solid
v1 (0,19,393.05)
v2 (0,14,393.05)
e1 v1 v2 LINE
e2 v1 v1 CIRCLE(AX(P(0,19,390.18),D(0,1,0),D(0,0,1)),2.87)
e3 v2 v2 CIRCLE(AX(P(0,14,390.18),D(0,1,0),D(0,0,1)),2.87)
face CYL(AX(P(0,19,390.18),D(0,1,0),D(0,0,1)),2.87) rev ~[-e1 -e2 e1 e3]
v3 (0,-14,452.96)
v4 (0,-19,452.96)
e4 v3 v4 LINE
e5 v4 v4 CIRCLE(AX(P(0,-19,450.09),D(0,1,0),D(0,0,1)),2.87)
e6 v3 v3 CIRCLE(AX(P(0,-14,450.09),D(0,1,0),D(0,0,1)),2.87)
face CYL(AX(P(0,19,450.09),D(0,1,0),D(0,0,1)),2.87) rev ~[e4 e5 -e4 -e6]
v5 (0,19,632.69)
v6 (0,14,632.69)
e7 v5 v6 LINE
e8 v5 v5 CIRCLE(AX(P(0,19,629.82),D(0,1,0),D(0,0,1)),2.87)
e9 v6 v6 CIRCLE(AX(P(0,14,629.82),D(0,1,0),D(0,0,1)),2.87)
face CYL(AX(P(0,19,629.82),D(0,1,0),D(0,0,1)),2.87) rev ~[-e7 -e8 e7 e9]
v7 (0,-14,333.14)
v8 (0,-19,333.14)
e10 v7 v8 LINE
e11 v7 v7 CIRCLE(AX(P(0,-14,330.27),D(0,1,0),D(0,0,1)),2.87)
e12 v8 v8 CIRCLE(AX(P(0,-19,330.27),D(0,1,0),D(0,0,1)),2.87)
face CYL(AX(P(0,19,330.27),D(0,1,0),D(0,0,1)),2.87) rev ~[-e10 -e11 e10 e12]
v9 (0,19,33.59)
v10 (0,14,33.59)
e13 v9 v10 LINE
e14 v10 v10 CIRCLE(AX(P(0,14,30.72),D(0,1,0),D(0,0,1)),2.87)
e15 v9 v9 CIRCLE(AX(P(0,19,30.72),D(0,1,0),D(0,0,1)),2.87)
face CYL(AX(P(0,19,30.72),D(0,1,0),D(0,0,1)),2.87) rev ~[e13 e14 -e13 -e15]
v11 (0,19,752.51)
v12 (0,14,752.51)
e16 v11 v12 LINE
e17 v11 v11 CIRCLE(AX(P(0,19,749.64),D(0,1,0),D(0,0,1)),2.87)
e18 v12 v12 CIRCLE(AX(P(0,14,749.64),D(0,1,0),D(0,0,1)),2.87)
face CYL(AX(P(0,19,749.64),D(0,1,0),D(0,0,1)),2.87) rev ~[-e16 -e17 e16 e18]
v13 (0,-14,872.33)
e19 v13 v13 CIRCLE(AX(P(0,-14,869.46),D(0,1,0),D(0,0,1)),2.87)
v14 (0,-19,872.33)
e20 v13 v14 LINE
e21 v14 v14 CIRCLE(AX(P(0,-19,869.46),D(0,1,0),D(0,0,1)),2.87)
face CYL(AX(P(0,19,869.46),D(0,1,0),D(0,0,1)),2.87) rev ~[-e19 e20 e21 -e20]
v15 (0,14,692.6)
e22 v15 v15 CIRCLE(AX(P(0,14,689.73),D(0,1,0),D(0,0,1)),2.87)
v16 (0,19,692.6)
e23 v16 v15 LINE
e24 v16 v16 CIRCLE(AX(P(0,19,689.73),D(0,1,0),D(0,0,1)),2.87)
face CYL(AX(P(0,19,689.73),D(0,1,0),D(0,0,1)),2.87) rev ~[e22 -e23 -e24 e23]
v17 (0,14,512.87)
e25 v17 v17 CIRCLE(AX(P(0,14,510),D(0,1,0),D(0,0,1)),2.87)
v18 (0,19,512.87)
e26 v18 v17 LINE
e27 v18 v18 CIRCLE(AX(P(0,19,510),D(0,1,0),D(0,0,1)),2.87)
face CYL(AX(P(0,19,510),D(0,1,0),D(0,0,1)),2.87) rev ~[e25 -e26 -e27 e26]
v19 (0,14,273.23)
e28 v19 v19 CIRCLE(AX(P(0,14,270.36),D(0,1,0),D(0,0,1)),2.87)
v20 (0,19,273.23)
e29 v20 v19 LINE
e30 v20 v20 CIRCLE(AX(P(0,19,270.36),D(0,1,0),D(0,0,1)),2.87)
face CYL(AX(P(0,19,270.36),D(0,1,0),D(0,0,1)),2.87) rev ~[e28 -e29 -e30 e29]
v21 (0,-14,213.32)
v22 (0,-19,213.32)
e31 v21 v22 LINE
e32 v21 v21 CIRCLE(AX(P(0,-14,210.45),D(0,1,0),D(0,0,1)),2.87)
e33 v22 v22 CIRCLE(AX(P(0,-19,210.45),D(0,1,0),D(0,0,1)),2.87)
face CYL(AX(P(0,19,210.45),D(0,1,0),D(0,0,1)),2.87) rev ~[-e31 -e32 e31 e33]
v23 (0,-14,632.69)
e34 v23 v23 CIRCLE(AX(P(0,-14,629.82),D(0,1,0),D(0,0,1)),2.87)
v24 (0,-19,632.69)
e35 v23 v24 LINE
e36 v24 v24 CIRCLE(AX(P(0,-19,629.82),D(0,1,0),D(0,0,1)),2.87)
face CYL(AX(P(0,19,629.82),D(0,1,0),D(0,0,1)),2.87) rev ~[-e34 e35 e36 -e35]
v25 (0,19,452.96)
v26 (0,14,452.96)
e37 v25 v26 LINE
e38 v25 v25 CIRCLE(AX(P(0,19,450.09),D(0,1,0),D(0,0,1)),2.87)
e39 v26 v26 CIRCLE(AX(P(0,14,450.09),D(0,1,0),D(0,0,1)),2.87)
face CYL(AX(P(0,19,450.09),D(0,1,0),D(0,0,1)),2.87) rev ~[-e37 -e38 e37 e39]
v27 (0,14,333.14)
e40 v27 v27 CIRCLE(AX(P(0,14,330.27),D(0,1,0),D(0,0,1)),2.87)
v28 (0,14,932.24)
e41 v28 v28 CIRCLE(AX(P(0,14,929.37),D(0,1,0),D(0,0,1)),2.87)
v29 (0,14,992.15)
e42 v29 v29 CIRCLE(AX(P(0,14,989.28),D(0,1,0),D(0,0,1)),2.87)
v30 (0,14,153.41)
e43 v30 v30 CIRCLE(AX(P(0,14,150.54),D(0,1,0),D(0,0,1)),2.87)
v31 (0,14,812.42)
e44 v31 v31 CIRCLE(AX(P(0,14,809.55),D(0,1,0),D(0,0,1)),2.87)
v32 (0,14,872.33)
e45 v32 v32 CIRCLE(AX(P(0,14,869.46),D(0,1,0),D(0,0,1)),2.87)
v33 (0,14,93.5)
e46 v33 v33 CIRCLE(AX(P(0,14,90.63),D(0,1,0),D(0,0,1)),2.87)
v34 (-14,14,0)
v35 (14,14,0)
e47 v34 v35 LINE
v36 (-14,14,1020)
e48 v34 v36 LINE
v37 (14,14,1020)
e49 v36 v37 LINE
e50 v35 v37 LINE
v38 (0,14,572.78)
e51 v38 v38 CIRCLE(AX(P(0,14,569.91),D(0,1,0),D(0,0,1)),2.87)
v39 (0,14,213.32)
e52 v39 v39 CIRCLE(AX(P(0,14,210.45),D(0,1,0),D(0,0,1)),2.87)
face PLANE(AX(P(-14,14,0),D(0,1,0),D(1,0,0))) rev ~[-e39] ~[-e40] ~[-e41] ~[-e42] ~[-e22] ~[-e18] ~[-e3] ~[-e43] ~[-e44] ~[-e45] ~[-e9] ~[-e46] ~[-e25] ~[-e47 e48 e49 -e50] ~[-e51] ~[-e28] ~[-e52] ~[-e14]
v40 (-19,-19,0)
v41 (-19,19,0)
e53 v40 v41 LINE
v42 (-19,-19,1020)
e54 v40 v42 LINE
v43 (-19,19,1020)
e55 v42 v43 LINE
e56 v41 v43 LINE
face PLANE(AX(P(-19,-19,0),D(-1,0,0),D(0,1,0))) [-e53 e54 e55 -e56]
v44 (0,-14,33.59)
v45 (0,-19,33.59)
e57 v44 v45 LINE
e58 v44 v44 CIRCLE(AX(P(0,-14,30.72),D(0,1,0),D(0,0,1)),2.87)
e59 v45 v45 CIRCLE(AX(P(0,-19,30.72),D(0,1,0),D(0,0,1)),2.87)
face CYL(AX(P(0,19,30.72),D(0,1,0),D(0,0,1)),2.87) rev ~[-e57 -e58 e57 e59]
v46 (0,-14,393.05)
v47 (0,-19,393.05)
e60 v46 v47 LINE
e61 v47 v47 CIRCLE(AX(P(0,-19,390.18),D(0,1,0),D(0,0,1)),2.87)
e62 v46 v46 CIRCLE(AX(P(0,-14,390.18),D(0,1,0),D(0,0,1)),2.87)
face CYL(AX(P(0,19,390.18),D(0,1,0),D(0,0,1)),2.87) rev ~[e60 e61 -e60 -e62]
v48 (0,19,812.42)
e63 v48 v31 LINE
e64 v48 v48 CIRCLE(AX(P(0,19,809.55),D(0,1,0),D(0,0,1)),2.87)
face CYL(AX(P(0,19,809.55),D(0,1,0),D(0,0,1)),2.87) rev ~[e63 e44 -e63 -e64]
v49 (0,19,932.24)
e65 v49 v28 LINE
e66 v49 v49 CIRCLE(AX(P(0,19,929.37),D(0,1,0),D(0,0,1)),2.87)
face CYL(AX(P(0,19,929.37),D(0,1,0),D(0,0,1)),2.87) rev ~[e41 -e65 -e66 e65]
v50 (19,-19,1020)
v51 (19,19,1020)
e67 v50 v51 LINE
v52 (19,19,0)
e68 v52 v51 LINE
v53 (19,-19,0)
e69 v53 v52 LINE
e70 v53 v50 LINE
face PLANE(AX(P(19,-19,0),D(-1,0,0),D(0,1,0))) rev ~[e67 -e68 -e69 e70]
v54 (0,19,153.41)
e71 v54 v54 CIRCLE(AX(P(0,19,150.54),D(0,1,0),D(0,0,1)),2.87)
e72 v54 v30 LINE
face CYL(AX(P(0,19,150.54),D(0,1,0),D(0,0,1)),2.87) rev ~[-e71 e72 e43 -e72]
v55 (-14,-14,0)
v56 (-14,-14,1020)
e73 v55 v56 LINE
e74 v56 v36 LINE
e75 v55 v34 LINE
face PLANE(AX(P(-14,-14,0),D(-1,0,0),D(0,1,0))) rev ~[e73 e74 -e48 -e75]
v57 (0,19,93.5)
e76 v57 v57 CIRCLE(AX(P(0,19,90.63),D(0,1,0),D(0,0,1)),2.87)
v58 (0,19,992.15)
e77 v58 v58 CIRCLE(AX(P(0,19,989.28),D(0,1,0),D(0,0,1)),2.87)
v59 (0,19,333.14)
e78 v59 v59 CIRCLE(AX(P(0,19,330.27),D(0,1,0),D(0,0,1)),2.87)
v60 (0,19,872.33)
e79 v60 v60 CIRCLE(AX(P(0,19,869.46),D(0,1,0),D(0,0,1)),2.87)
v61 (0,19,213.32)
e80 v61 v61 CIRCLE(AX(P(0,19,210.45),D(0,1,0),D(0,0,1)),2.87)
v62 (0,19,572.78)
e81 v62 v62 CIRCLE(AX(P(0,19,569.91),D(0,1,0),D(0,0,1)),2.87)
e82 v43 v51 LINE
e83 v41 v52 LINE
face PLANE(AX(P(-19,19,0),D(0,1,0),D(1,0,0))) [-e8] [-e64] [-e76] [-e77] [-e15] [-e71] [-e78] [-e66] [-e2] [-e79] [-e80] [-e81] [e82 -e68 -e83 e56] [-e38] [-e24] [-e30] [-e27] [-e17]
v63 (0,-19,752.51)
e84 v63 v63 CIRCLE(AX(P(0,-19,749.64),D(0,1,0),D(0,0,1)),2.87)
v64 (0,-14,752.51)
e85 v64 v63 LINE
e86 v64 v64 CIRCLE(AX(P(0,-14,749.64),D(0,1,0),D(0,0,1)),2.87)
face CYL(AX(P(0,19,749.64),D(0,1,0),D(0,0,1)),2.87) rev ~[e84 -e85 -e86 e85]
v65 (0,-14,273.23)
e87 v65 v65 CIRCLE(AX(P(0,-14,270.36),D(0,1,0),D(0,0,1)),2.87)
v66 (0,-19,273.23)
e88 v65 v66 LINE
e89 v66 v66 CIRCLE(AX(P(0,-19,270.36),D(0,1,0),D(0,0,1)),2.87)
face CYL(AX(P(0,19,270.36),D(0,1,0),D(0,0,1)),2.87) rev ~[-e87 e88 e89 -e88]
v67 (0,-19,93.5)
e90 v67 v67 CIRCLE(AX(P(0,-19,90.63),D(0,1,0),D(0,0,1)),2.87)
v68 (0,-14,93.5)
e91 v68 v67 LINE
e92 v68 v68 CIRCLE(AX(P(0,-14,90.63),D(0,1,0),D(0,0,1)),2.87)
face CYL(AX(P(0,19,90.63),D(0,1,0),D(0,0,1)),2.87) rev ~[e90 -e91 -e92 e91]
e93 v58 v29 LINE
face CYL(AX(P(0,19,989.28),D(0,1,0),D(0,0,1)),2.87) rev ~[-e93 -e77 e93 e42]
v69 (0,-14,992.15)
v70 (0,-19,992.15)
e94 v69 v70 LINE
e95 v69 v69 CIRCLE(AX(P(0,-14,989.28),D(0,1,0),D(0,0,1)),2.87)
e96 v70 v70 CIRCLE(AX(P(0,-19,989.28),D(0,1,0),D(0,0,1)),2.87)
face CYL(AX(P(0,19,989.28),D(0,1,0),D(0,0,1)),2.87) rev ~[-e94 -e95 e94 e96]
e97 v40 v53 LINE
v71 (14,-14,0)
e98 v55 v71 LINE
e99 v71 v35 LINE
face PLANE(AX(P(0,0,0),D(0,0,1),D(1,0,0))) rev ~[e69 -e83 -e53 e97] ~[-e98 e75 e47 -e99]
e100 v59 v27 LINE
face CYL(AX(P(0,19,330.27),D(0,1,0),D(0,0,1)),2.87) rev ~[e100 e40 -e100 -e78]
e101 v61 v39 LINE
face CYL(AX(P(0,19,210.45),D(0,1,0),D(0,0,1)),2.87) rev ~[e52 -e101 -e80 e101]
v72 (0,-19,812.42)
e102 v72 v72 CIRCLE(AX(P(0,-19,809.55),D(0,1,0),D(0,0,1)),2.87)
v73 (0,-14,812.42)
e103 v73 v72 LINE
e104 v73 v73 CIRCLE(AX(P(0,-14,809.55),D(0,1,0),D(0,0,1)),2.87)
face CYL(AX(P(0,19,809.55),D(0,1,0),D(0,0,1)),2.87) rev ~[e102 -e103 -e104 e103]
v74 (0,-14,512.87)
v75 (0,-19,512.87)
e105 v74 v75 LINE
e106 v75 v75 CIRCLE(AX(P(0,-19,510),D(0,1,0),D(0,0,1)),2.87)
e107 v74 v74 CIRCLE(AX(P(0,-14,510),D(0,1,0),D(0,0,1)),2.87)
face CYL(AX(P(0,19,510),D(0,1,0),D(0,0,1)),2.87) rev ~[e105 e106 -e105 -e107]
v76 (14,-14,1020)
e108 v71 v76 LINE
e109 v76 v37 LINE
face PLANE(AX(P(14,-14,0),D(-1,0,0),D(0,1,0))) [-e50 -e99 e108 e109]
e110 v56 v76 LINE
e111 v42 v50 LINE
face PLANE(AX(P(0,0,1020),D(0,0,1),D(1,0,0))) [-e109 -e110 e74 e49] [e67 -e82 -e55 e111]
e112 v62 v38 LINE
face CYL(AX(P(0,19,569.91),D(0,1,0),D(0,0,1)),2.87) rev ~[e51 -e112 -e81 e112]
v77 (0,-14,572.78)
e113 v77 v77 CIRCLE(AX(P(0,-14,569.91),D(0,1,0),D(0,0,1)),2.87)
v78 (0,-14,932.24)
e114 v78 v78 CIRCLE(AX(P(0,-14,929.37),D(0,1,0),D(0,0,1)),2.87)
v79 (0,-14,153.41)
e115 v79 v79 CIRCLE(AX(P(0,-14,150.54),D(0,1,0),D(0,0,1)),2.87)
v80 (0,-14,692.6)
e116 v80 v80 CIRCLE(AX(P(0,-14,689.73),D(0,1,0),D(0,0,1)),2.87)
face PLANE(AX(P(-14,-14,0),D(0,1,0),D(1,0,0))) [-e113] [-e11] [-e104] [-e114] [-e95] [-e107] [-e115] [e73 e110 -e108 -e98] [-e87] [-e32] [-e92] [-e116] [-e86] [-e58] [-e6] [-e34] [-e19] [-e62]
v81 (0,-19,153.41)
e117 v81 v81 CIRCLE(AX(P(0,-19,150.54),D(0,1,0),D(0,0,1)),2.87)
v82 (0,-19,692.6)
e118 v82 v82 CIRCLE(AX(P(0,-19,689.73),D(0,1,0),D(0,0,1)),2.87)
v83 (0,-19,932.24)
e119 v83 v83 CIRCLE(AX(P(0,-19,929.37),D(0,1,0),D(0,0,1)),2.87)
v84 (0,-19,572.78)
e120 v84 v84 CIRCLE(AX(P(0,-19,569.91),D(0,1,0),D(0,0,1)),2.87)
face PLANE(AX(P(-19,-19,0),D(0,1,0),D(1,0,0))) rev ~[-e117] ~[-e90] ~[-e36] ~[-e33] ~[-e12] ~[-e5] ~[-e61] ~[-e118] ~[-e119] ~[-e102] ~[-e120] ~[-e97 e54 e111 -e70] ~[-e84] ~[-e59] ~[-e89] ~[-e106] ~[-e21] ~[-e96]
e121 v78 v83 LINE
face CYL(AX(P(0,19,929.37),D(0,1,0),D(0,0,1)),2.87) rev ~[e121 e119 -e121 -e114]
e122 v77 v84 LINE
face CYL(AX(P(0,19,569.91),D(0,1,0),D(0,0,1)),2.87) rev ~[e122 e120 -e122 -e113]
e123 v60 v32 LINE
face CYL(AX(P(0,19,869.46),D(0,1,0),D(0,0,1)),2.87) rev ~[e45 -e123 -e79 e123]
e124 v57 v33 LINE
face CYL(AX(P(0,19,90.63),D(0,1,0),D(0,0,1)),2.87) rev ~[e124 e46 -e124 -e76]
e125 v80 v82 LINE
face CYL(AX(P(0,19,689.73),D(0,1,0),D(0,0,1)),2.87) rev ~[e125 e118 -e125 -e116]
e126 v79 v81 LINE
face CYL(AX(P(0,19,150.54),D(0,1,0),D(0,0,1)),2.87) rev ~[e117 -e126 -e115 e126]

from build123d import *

# Parameters (mm, degrees)
CROQUIS1_W              = 38
CROQUIS1_H              = 38
CROQUIS1_W_2            = 28
CROQUIS1_H_2            = 28
SALIENTE_EXTRUIR1_DEPTH = 1020
CORTAR_EXTRUIR1_REACH   = 1022.884
CROQUIS2_R              = 2.87


with BuildPart() as part:
    # Croquis1 → Saliente-Extruir1 (new body)
    with BuildSketch(Plane.XY):
        Rectangle(CROQUIS1_W, CROQUIS1_H)
        Rectangle(CROQUIS1_W_2, CROQUIS1_H_2, mode=Mode.SUBTRACT)
    extrude(amount=SALIENTE_EXTRUIR1_DEPTH)

    # Cortar-Extruir1: up to this face of the body (flat: up to its plane)
    cortar_extruir1_end = Plane(part.part.faces().sort_by_distance((0, -19, 510))[0])
    # Croquis2 → Cortar-Extruir1 (cut, up to the picked face)
    with BuildSketch(Plane(origin=(0, 19, 0), x_dir=(1, 0, 0), z_dir=(0, 1, 0)), mode=Mode.PRIVATE) as cortar_extruir1_sk1:
        with Locations(Location((0, -30.72, 0), (0, 0, 270))):
            Circle(CROQUIS2_R)
    cortar_extruir1_tool1 = split(extrude(cortar_extruir1_sk1.sketch, amount=-CORTAR_EXTRUIR1_REACH, mode=Mode.PRIVATE), bisect_by=cortar_extruir1_end, keep=Keep.BOTH, mode=Mode.PRIVATE)
    # Croquis2 → Cortar-Extruir1 (cut, up to the picked face)
    with BuildSketch(Plane(origin=(0, 19, 0), x_dir=(1, 0, 0), z_dir=(0, 1, 0)), mode=Mode.PRIVATE) as cortar_extruir1_sk2:
        with Locations(Location((0, -90.63, 0), (0, 0, 270))):
            Circle(CROQUIS2_R)
    cortar_extruir1_tool2 = split(extrude(cortar_extruir1_sk2.sketch, amount=-CORTAR_EXTRUIR1_REACH, mode=Mode.PRIVATE), bisect_by=cortar_extruir1_end, keep=Keep.BOTH, mode=Mode.PRIVATE)
    # Croquis2 → Cortar-Extruir1 (cut, up to the picked face)
    with BuildSketch(Plane(origin=(0, 19, 0), x_dir=(1, 0, 0), z_dir=(0, 1, 0)), mode=Mode.PRIVATE) as cortar_extruir1_sk3:
        with Locations(Location((0, -150.54, 0), (0, 0, 270))):
            Circle(CROQUIS2_R)
    cortar_extruir1_tool3 = split(extrude(cortar_extruir1_sk3.sketch, amount=-CORTAR_EXTRUIR1_REACH, mode=Mode.PRIVATE), bisect_by=cortar_extruir1_end, keep=Keep.BOTH, mode=Mode.PRIVATE)
    # Croquis2 → Cortar-Extruir1 (cut, up to the picked face)
    with BuildSketch(Plane(origin=(0, 19, 0), x_dir=(1, 0, 0), z_dir=(0, 1, 0)), mode=Mode.PRIVATE) as cortar_extruir1_sk4:
        with Locations(Location((0, -210.45, 0), (0, 0, 270))):
            Circle(CROQUIS2_R)
    cortar_extruir1_tool4 = split(extrude(cortar_extruir1_sk4.sketch, amount=-CORTAR_EXTRUIR1_REACH, mode=Mode.PRIVATE), bisect_by=cortar_extruir1_end, keep=Keep.BOTH, mode=Mode.PRIVATE)
    # Croquis2 → Cortar-Extruir1 (cut, up to the picked face)
    with BuildSketch(Plane(origin=(0, 19, 0), x_dir=(1, 0, 0), z_dir=(0, 1, 0)), mode=Mode.PRIVATE) as cortar_extruir1_sk5:
        with Locations(Location((0, -270.36, 0), (0, 0, 270))):
            Circle(CROQUIS2_R)
    cortar_extruir1_tool5 = split(extrude(cortar_extruir1_sk5.sketch, amount=-CORTAR_EXTRUIR1_REACH, mode=Mode.PRIVATE), bisect_by=cortar_extruir1_end, keep=Keep.BOTH, mode=Mode.PRIVATE)
    # Croquis2 → Cortar-Extruir1 (cut, up to the picked face)
    with BuildSketch(Plane(origin=(0, 19, 0), x_dir=(1, 0, 0), z_dir=(0, 1, 0)), mode=Mode.PRIVATE) as cortar_extruir1_sk6:
        with Locations(Location((0, -330.27, 0), (0, 0, 270))):
            Circle(CROQUIS2_R)
    cortar_extruir1_tool6 = split(extrude(cortar_extruir1_sk6.sketch, amount=-CORTAR_EXTRUIR1_REACH, mode=Mode.PRIVATE), bisect_by=cortar_extruir1_end, keep=Keep.BOTH, mode=Mode.PRIVATE)
    # Croquis2 → Cortar-Extruir1 (cut, up to the picked face)
    with BuildSketch(Plane(origin=(0, 19, 0), x_dir=(1, 0, 0), z_dir=(0, 1, 0)), mode=Mode.PRIVATE) as cortar_extruir1_sk7:
        with Locations(Location((0, -390.18, 0), (0, 0, 270))):
            Circle(CROQUIS2_R)
    cortar_extruir1_tool7 = split(extrude(cortar_extruir1_sk7.sketch, amount=-CORTAR_EXTRUIR1_REACH, mode=Mode.PRIVATE), bisect_by=cortar_extruir1_end, keep=Keep.BOTH, mode=Mode.PRIVATE)
    # Croquis2 → Cortar-Extruir1 (cut, up to the picked face)
    with BuildSketch(Plane(origin=(0, 19, 0), x_dir=(1, 0, 0), z_dir=(0, 1, 0)), mode=Mode.PRIVATE) as cortar_extruir1_sk8:
        with Locations(Location((0, -450.09, 0), (0, 0, 270))):
            Circle(CROQUIS2_R)
    cortar_extruir1_tool8 = split(extrude(cortar_extruir1_sk8.sketch, amount=-CORTAR_EXTRUIR1_REACH, mode=Mode.PRIVATE), bisect_by=cortar_extruir1_end, keep=Keep.BOTH, mode=Mode.PRIVATE)
    # Croquis2 → Cortar-Extruir1 (cut, up to the picked face)
    with BuildSketch(Plane(origin=(0, 19, 0), x_dir=(1, 0, 0), z_dir=(0, 1, 0)), mode=Mode.PRIVATE) as cortar_extruir1_sk9:
        with Locations(Location((0, -510, 0), (0, 0, 270))):
            Circle(CROQUIS2_R)
    cortar_extruir1_tool9 = split(extrude(cortar_extruir1_sk9.sketch, amount=-CORTAR_EXTRUIR1_REACH, mode=Mode.PRIVATE), bisect_by=cortar_extruir1_end, keep=Keep.BOTH, mode=Mode.PRIVATE)
    # Croquis2 → Cortar-Extruir1 (cut, up to the picked face)
    with BuildSketch(Plane(origin=(0, 19, 0), x_dir=(1, 0, 0), z_dir=(0, 1, 0)), mode=Mode.PRIVATE) as cortar_extruir1_sk10:
        with Locations(Location((0, -569.91, 0), (0, 0, 270))):
            Circle(CROQUIS2_R)
    cortar_extruir1_tool10 = split(extrude(cortar_extruir1_sk10.sketch, amount=-CORTAR_EXTRUIR1_REACH, mode=Mode.PRIVATE), bisect_by=cortar_extruir1_end, keep=Keep.BOTH, mode=Mode.PRIVATE)
    # Croquis2 → Cortar-Extruir1 (cut, up to the picked face)
    with BuildSketch(Plane(origin=(0, 19, 0), x_dir=(1, 0, 0), z_dir=(0, 1, 0)), mode=Mode.PRIVATE) as cortar_extruir1_sk11:
        with Locations(Location((0, -629.82, 0), (0, 0, 270))):
            Circle(CROQUIS2_R)
    cortar_extruir1_tool11 = split(extrude(cortar_extruir1_sk11.sketch, amount=-CORTAR_EXTRUIR1_REACH, mode=Mode.PRIVATE), bisect_by=cortar_extruir1_end, keep=Keep.BOTH, mode=Mode.PRIVATE)
    # Croquis2 → Cortar-Extruir1 (cut, up to the picked face)
    with BuildSketch(Plane(origin=(0, 19, 0), x_dir=(1, 0, 0), z_dir=(0, 1, 0)), mode=Mode.PRIVATE) as cortar_extruir1_sk12:
        with Locations(Location((0, -689.73, 0), (0, 0, 270))):
            Circle(CROQUIS2_R)
    cortar_extruir1_tool12 = split(extrude(cortar_extruir1_sk12.sketch, amount=-CORTAR_EXTRUIR1_REACH, mode=Mode.PRIVATE), bisect_by=cortar_extruir1_end, keep=Keep.BOTH, mode=Mode.PRIVATE)
    # Croquis2 → Cortar-Extruir1 (cut, up to the picked face)
    with BuildSketch(Plane(origin=(0, 19, 0), x_dir=(1, 0, 0), z_dir=(0, 1, 0)), mode=Mode.PRIVATE) as cortar_extruir1_sk13:
        with Locations(Location((0, -749.64, 0), (0, 0, 270))):
            Circle(CROQUIS2_R)
    cortar_extruir1_tool13 = split(extrude(cortar_extruir1_sk13.sketch, amount=-CORTAR_EXTRUIR1_REACH, mode=Mode.PRIVATE), bisect_by=cortar_extruir1_end, keep=Keep.BOTH, mode=Mode.PRIVATE)
    # Croquis2 → Cortar-Extruir1 (cut, up to the picked face)
    with BuildSketch(Plane(origin=(0, 19, 0), x_dir=(1, 0, 0), z_dir=(0, 1, 0)), mode=Mode.PRIVATE) as cortar_extruir1_sk14:
        with Locations(Location((0, -809.55, 0), (0, 0, 270))):
            Circle(CROQUIS2_R)
    cortar_extruir1_tool14 = split(extrude(cortar_extruir1_sk14.sketch, amount=-CORTAR_EXTRUIR1_REACH, mode=Mode.PRIVATE), bisect_by=cortar_extruir1_end, keep=Keep.BOTH, mode=Mode.PRIVATE)
    # Croquis2 → Cortar-Extruir1 (cut, up to the picked face)
    with BuildSketch(Plane(origin=(0, 19, 0), x_dir=(1, 0, 0), z_dir=(0, 1, 0)), mode=Mode.PRIVATE) as cortar_extruir1_sk15:
        with Locations(Location((0, -869.46, 0), (0, 0, 270))):
            Circle(CROQUIS2_R)
    cortar_extruir1_tool15 = split(extrude(cortar_extruir1_sk15.sketch, amount=-CORTAR_EXTRUIR1_REACH, mode=Mode.PRIVATE), bisect_by=cortar_extruir1_end, keep=Keep.BOTH, mode=Mode.PRIVATE)
    # Croquis2 → Cortar-Extruir1 (cut, up to the picked face)
    with BuildSketch(Plane(origin=(0, 19, 0), x_dir=(1, 0, 0), z_dir=(0, 1, 0)), mode=Mode.PRIVATE) as cortar_extruir1_sk16:
        with Locations(Location((0, -929.37, 0), (0, 0, 270))):
            Circle(CROQUIS2_R)
    cortar_extruir1_tool16 = split(extrude(cortar_extruir1_sk16.sketch, amount=-CORTAR_EXTRUIR1_REACH, mode=Mode.PRIVATE), bisect_by=cortar_extruir1_end, keep=Keep.BOTH, mode=Mode.PRIVATE)
    # Croquis2 → Cortar-Extruir1 (cut, up to the picked face)
    with BuildSketch(Plane(origin=(0, 19, 0), x_dir=(1, 0, 0), z_dir=(0, 1, 0)), mode=Mode.PRIVATE) as cortar_extruir1_sk17:
        with Locations(Location((0, -989.28, 0), (0, 0, 270))):
            Circle(CROQUIS2_R)
    cortar_extruir1_tool17 = split(extrude(cortar_extruir1_sk17.sketch, amount=-CORTAR_EXTRUIR1_REACH, mode=Mode.PRIVATE), bisect_by=cortar_extruir1_end, keep=Keep.BOTH, mode=Mode.PRIVATE)
    add(cortar_extruir1_tool1.solids().sort_by(Axis((0, 19, 30.72), (0, -1, 0)))[0], mode=Mode.SUBTRACT)
    add(cortar_extruir1_tool2.solids().sort_by(Axis((0, 19, 90.63), (0, -1, 0)))[0], mode=Mode.SUBTRACT)
    add(cortar_extruir1_tool3.solids().sort_by(Axis((0, 19, 150.54), (0, -1, 0)))[0], mode=Mode.SUBTRACT)
    add(cortar_extruir1_tool4.solids().sort_by(Axis((0, 19, 210.45), (0, -1, 0)))[0], mode=Mode.SUBTRACT)
    add(cortar_extruir1_tool5.solids().sort_by(Axis((0, 19, 270.36), (0, -1, 0)))[0], mode=Mode.SUBTRACT)
    add(cortar_extruir1_tool6.solids().sort_by(Axis((0, 19, 330.27), (0, -1, 0)))[0], mode=Mode.SUBTRACT)
    add(cortar_extruir1_tool7.solids().sort_by(Axis((0, 19, 390.18), (0, -1, 0)))[0], mode=Mode.SUBTRACT)
    add(cortar_extruir1_tool8.solids().sort_by(Axis((0, 19, 450.09), (0, -1, 0)))[0], mode=Mode.SUBTRACT)
    add(cortar_extruir1_tool9.solids().sort_by(Axis((0, 19, 510), (0, -1, 0)))[0], mode=Mode.SUBTRACT)
    add(cortar_extruir1_tool10.solids().sort_by(Axis((0, 19, 569.91), (0, -1, 0)))[0], mode=Mode.SUBTRACT)
    add(cortar_extruir1_tool11.solids().sort_by(Axis((0, 19, 629.82), (0, -1, 0)))[0], mode=Mode.SUBTRACT)
    add(cortar_extruir1_tool12.solids().sort_by(Axis((0, 19, 689.73), (0, -1, 0)))[0], mode=Mode.SUBTRACT)
    add(cortar_extruir1_tool13.solids().sort_by(Axis((0, 19, 749.64), (0, -1, 0)))[0], mode=Mode.SUBTRACT)
    add(cortar_extruir1_tool14.solids().sort_by(Axis((0, 19, 809.55), (0, -1, 0)))[0], mode=Mode.SUBTRACT)
    add(cortar_extruir1_tool15.solids().sort_by(Axis((0, 19, 869.46), (0, -1, 0)))[0], mode=Mode.SUBTRACT)
    add(cortar_extruir1_tool16.solids().sort_by(Axis((0, 19, 929.37), (0, -1, 0)))[0], mode=Mode.SUBTRACT)
    add(cortar_extruir1_tool17.solids().sort_by(Axis((0, 19, 989.28), (0, -1, 0)))[0], mode=Mode.SUBTRACT)


solid = part.part
